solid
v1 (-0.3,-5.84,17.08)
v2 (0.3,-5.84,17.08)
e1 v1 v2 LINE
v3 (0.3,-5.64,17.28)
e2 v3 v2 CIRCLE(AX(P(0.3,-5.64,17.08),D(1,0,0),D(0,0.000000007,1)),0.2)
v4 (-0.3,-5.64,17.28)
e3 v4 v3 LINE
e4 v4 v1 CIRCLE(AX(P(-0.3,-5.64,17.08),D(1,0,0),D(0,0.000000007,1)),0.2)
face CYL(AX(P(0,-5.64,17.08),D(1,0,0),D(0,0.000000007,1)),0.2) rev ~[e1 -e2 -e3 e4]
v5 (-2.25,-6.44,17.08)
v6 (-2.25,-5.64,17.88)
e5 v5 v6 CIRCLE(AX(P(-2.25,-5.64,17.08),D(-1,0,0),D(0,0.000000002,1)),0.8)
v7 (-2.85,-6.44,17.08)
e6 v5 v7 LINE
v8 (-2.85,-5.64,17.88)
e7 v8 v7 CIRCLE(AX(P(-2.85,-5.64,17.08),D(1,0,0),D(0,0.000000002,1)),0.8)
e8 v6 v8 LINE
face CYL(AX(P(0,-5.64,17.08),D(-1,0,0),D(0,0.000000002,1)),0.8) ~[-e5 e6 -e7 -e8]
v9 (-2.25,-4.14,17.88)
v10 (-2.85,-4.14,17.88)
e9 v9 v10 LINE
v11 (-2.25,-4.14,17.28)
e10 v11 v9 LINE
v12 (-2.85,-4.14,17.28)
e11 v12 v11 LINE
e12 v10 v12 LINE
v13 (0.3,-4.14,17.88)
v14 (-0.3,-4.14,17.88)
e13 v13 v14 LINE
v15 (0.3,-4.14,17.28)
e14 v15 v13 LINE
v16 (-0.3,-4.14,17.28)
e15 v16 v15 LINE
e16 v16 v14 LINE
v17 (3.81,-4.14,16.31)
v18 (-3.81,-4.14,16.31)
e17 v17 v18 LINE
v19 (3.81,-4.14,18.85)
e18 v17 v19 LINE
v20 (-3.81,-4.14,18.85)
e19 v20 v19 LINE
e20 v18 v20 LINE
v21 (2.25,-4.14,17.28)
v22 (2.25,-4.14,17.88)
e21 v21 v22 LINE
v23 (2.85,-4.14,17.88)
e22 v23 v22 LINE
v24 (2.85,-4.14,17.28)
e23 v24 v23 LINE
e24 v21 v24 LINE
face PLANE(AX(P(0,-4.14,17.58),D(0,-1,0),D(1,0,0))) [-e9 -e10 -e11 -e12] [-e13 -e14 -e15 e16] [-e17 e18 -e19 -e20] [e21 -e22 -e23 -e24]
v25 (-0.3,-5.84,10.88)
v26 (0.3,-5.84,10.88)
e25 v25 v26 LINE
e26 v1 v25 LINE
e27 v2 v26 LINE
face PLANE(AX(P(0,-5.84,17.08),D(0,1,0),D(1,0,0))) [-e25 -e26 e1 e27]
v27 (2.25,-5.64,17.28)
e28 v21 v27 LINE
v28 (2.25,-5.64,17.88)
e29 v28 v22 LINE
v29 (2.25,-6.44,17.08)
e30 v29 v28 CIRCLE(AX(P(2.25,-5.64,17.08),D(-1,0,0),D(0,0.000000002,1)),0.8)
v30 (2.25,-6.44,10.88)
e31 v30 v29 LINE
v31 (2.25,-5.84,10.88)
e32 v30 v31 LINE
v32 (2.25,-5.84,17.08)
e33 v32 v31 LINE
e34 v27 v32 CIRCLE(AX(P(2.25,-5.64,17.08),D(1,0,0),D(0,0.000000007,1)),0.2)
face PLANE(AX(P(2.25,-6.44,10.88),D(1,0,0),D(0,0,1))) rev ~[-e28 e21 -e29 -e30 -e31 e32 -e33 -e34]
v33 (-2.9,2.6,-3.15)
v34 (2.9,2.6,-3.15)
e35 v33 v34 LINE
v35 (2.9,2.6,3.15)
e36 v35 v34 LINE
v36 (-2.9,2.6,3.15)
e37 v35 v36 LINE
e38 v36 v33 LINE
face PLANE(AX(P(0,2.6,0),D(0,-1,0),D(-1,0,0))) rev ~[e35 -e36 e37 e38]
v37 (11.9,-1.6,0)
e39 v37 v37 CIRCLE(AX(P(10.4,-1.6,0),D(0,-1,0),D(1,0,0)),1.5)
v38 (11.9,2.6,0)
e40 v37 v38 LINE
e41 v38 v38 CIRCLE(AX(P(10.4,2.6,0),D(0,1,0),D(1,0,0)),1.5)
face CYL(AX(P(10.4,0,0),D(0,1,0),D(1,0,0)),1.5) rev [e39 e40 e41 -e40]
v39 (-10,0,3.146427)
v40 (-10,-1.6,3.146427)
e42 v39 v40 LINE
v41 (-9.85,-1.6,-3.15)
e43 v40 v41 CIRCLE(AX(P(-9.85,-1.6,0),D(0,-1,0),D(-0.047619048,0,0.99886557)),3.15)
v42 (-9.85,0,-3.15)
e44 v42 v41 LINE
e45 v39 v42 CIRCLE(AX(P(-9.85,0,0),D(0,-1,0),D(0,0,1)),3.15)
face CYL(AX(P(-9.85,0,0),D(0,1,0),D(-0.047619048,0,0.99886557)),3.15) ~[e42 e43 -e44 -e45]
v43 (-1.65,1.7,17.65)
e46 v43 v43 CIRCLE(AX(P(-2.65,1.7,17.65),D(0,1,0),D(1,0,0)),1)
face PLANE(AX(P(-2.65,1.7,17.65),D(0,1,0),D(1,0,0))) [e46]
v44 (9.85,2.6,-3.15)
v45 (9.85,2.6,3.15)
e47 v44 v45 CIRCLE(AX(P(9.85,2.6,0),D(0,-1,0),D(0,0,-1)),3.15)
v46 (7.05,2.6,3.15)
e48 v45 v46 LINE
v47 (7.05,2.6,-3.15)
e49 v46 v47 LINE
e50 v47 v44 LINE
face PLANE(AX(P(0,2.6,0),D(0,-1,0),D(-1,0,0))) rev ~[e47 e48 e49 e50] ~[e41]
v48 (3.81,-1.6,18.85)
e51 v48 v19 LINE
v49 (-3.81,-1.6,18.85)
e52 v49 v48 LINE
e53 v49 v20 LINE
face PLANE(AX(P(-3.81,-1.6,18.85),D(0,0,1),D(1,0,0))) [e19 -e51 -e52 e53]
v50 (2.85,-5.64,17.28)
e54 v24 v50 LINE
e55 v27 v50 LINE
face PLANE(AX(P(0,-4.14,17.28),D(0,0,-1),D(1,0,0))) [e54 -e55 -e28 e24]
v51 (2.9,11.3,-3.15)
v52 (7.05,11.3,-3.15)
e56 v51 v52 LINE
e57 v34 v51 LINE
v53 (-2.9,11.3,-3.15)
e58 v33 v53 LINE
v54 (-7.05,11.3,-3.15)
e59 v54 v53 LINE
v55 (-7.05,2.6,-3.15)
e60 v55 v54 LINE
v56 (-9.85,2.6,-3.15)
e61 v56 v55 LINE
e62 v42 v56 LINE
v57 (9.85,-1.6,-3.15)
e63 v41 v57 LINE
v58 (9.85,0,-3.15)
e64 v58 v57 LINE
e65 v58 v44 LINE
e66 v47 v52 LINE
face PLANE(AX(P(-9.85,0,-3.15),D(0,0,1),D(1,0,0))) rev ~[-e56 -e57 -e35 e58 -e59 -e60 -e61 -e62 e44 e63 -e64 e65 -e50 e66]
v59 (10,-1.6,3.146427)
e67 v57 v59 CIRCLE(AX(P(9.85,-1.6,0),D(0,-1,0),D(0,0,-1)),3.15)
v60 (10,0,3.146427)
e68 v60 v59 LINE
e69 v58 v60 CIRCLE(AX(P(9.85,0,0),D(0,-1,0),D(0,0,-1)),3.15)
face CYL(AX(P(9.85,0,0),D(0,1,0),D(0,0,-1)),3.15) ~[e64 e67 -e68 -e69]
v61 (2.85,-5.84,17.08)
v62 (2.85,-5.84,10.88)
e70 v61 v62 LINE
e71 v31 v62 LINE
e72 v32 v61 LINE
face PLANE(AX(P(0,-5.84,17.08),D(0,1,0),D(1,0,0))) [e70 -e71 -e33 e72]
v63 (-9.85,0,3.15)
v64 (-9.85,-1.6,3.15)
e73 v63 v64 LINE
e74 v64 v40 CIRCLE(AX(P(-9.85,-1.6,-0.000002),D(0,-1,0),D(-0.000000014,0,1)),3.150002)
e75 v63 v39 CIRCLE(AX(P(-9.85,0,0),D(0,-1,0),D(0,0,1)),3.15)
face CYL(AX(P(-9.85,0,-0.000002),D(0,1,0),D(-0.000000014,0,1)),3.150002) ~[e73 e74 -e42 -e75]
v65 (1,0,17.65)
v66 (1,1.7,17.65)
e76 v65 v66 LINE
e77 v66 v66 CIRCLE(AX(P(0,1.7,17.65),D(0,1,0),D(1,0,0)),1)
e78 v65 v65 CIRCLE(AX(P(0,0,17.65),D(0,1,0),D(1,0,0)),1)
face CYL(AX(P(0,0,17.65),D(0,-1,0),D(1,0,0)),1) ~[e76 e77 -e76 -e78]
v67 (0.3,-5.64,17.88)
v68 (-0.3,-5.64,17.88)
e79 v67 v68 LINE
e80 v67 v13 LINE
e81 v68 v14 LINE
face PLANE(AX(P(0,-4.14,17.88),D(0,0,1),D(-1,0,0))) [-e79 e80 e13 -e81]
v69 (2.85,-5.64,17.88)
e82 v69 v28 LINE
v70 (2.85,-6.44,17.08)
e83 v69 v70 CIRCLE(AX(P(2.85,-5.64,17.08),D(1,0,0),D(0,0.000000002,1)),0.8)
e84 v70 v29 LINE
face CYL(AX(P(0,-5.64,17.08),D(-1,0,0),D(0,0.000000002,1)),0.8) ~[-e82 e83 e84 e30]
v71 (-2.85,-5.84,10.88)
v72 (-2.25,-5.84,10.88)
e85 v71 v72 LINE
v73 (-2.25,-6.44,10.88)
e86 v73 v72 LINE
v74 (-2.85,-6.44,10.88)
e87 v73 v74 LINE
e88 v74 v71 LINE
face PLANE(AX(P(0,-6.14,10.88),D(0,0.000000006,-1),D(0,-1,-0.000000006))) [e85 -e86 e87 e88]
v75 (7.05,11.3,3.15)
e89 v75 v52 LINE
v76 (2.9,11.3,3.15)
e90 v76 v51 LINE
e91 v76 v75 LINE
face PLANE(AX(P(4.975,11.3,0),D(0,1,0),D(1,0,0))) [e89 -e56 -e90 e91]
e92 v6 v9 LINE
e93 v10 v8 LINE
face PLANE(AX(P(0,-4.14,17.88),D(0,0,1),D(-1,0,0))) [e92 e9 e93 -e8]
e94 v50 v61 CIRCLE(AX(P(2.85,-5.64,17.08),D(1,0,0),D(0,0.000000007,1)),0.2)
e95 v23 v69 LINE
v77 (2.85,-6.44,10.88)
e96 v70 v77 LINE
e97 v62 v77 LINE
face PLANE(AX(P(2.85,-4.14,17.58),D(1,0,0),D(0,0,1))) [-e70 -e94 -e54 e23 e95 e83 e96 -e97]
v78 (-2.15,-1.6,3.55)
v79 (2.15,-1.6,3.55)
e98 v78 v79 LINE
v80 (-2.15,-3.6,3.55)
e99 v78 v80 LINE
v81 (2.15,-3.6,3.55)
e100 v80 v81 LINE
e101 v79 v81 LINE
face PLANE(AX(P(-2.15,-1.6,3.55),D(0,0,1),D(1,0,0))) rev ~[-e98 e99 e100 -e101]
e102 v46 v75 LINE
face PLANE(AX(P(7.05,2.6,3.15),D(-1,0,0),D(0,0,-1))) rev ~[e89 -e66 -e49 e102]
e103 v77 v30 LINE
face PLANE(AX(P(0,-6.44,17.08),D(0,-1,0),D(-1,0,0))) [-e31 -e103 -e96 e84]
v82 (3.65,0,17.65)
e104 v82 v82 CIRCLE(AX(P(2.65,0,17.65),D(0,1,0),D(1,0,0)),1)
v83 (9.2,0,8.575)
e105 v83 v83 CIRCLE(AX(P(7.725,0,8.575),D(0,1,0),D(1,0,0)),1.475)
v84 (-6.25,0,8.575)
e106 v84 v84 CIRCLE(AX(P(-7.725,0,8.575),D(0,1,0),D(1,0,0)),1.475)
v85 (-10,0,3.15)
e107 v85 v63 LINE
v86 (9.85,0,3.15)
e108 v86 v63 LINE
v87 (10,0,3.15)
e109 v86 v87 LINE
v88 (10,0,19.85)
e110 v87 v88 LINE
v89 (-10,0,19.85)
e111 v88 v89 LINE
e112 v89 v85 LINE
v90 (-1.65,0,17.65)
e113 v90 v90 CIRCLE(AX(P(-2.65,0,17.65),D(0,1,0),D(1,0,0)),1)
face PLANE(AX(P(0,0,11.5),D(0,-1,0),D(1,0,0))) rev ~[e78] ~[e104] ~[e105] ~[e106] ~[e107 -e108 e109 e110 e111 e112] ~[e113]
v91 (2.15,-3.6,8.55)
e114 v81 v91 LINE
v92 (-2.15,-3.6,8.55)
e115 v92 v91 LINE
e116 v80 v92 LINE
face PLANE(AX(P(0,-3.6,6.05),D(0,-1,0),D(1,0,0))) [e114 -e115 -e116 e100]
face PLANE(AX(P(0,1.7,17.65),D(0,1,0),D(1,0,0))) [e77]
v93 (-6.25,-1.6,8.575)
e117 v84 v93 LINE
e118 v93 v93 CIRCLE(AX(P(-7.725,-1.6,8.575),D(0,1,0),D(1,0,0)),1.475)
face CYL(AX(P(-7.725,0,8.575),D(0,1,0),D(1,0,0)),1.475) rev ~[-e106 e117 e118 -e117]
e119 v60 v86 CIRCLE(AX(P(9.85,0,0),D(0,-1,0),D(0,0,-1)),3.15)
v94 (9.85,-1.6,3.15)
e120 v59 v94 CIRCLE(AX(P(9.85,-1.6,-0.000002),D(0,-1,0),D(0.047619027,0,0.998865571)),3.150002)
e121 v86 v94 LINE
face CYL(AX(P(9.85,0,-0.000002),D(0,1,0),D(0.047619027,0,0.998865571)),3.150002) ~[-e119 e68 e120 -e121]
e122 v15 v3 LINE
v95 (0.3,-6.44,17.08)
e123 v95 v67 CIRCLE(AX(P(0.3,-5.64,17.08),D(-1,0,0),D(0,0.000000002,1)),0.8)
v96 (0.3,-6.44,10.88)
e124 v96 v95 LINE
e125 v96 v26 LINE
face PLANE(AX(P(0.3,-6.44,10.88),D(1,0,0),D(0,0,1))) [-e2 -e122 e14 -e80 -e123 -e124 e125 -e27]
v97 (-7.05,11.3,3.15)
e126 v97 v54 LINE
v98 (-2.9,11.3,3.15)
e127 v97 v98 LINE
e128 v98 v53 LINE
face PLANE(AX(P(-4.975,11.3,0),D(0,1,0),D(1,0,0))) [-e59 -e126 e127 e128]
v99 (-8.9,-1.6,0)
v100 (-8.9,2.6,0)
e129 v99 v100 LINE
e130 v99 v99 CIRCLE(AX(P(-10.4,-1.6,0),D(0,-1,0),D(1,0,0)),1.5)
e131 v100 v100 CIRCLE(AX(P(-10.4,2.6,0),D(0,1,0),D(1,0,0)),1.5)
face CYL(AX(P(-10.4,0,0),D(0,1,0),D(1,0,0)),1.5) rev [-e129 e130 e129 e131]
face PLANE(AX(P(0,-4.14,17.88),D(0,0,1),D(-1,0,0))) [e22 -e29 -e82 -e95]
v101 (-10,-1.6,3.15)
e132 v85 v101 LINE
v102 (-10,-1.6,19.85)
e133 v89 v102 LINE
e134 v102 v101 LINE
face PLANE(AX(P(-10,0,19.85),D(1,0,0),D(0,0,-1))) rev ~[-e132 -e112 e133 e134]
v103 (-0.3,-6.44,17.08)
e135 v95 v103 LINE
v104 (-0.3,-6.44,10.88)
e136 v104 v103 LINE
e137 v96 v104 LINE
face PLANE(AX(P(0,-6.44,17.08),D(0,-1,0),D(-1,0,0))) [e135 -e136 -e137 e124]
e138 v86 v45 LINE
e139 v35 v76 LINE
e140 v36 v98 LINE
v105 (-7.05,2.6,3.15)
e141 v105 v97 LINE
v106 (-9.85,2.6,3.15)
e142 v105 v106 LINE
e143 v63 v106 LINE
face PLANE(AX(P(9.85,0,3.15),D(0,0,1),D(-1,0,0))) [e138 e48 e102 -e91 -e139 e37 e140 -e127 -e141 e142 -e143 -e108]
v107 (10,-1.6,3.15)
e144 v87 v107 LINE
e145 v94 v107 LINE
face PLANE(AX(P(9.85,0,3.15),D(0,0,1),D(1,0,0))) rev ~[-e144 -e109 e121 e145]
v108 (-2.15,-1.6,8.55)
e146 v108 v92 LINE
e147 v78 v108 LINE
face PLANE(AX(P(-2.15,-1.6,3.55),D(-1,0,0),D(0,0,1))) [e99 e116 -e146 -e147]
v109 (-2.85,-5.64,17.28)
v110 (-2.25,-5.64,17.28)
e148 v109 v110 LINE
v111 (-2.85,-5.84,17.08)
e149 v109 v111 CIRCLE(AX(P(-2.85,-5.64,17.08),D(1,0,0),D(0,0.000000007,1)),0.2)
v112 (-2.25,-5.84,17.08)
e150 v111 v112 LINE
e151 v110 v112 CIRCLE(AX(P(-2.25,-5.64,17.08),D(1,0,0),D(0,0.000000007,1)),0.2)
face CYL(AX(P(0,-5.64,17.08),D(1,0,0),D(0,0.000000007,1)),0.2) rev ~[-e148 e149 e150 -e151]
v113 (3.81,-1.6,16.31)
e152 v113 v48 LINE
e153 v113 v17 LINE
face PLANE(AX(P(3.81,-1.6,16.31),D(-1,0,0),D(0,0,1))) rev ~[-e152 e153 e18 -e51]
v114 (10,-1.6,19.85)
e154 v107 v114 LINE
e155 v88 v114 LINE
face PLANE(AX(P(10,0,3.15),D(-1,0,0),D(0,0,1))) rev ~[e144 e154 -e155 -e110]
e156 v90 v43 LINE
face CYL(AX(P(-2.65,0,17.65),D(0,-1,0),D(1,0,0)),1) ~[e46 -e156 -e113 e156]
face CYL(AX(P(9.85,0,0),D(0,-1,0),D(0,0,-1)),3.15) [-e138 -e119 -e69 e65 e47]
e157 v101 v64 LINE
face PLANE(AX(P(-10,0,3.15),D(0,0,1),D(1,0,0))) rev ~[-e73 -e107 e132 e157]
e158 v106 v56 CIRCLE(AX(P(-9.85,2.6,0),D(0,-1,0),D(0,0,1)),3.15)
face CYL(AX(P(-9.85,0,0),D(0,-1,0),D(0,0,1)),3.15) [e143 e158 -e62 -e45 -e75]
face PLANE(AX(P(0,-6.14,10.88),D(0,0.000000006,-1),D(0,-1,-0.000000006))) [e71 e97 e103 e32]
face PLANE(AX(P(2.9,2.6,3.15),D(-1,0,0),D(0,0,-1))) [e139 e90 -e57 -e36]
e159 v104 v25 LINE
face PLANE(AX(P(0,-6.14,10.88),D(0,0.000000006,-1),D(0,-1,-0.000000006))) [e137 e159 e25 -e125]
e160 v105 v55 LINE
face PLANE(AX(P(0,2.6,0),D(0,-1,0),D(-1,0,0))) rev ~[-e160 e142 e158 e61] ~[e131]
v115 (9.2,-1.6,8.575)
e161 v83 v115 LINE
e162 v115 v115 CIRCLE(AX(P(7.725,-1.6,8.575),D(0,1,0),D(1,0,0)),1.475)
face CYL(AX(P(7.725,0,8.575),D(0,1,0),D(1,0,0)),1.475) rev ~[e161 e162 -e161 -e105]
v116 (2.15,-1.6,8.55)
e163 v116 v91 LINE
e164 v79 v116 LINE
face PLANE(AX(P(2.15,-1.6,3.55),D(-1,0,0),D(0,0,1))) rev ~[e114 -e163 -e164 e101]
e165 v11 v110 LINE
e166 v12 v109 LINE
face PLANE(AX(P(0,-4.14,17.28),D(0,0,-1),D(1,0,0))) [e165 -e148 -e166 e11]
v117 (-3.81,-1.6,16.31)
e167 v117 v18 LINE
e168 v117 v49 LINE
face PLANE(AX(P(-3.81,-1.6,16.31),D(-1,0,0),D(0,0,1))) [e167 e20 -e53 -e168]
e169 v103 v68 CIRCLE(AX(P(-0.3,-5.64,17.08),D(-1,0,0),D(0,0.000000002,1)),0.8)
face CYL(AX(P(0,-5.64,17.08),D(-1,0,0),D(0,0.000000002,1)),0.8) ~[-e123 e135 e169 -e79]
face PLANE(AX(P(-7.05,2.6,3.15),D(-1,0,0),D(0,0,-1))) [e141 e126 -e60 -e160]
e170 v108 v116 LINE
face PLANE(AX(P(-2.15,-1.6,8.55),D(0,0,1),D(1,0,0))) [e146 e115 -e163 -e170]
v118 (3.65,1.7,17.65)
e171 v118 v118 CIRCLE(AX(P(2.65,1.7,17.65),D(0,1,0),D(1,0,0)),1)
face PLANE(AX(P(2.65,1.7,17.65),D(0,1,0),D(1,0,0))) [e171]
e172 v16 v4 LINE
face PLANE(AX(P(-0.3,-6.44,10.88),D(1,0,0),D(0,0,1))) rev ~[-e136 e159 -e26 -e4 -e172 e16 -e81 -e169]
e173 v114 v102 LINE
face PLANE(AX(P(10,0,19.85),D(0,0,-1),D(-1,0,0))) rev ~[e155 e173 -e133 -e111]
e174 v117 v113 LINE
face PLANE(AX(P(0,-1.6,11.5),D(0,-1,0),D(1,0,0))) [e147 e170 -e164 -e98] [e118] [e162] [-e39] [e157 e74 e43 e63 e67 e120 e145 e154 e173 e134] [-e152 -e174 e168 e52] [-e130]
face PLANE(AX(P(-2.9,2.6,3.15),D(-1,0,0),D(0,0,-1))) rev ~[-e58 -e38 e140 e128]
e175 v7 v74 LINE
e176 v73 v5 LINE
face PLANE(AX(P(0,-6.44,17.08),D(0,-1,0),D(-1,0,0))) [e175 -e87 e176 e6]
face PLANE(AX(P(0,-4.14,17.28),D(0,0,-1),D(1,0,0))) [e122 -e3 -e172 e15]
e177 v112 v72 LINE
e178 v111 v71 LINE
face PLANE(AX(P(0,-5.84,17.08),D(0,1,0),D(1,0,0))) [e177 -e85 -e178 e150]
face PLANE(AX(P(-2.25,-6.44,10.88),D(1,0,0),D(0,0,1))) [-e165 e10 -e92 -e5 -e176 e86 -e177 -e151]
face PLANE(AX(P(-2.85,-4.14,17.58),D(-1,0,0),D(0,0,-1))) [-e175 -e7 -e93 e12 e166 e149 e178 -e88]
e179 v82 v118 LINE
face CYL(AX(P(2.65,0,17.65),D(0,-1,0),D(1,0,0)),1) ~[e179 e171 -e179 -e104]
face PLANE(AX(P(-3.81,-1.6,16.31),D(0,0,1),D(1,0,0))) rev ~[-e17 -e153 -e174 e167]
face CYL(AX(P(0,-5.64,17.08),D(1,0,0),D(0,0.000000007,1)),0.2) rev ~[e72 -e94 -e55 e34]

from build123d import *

# Parameters (mm, degrees)
SKETCH1_R           = 1.5
BOSS_EXTRUDE1_DEPTH = 2.6
SKETCH2_W           = 4.15
SKETCH2_H           = 6.3
BOSS_EXTRUDE2_DEPTH = 8.7
SKETCH3_R           = 1.5
BOSS_EXTRUDE3_DEPTH = 1.6
SKETCH4_R           = 1
BOSS_EXTRUDE4_DEPTH = 1.7
SKETCH5_R           = 1.475
CUT_EXTRUDE1_DEPTH  = 2.6
SKETCH6_W           = 4.3
SKETCH6_H           = 5
BOSS_EXTRUDE5_DEPTH = 2
SKETCH7_W           = 7.62
SKETCH7_H           = 2.54
BOSS_EXTRUDE6_DEPTH = 2.54
SKETCH9_W           = 5.7
SKETCH9_H           = 0.6
SKETCH10_W          = 1.95
SKETCH10_H          = 7
CUT_EXTRUDE2_DEPTH  = 2.3


with BuildPart() as part:
    # Sketch1 → Boss-Extrude1 (new body)
    with BuildSketch(Plane(origin=(0, 0, 0), x_dir=(1, 0, 0), z_dir=(0, 1, 0))):
        with BuildLine():
            Line((-9.85, 3.15), (9.85, 3.15))
            ThreePointArc((9.85, 3.15), (13, 0), (9.85, -3.15))
            Line((9.85, -3.15), (-9.85, -3.15))
            ThreePointArc((-9.85, -3.15), (-13, 0), (-9.85, 3.15))
        make_face()
        with Locations((-10.4, 0)):
            Circle(SKETCH1_R, mode=Mode.SUBTRACT)
        with Locations((10.4, 0)):
            Circle(SKETCH1_R, mode=Mode.SUBTRACT)
    extrude(amount=BOSS_EXTRUDE1_DEPTH)

    # Sketch2 → Boss-Extrude2 (add)
    with BuildSketch(Plane(origin=(0, 2.6, 0), x_dir=(1, 0, 0), z_dir=(0, 1, 0))):
        with Locations((-4.975, 0)):
            Rectangle(SKETCH2_W, SKETCH2_H)
        with Locations((4.975, 0)):
            Rectangle(SKETCH2_W, SKETCH2_H)
    extrude(amount=BOSS_EXTRUDE2_DEPTH)

    # Sketch3 → Boss-Extrude3 (add)
    with BuildSketch(Plane.XZ):
        Polygon((-10, 19.85), (-10, 3.15), (-9.85, 3.15), (9.85, 3.15), (10, 3.15), (10, 19.85), align=None)
        with BuildLine():
            ThreePointArc((-9.85, 3.15), (-9.92502128, 3.149106509), (-10, 3.146426545))
            Line((-10, 3.146426545), (-10, 2.175870499))
            Line((-10, 2.175870499), (10, 2.175870499))
            Line((10, 2.175870499), (10, 3.146426545))
            ThreePointArc((10, 3.146426545), (9.92502128, 3.149106509), (9.85, 3.15))
            Line((9.85, 3.15), (-9.85, 3.15))
        make_face()
        with BuildLine():
            ThreePointArc((-10, 3.146426545), (-12.999106509, -0.07502128), (-9.85, -3.15))
            Line((-9.85, -3.15), (9.85, -3.15))
            ThreePointArc((9.85, -3.15), (12.999106509, -0.07502128), (10, 3.146426545))
            Line((10, 3.146426545), (10, 2.175870499))
            Line((10, 2.175870499), (-10, 2.175870499))
            Line((-10, 2.175870499), (-10, 3.146426545))
        make_face()
        with Locations((-10.4, 0)):
            Circle(SKETCH3_R, mode=Mode.SUBTRACT)
        with Locations((10.4, 0)):
            Circle(SKETCH3_R, mode=Mode.SUBTRACT)
    extrude(amount=BOSS_EXTRUDE3_DEPTH)

    # Sketch4 → Boss-Extrude4 (add)
    with BuildSketch(Plane(origin=(0, 0, 0), x_dir=(1, 0, 0), z_dir=(0, 1, 0))):
        with Locations((0, -17.65)):
            Circle(SKETCH4_R)
        with Locations((2.65, -17.65)):
            Circle(SKETCH4_R)
        with Locations((-2.65, -17.65)):
            Circle(SKETCH4_R)
    extrude(amount=BOSS_EXTRUDE4_DEPTH)

    # Sketch5 → Cut-Extrude1 (cut, through all)
    with BuildSketch(Plane(origin=(0, 0, 0), x_dir=(1, 0, 0), z_dir=(0, 1, 0))):
        with Locations((-7.725, -8.575)):
            Circle(SKETCH5_R)
        with Locations((7.725, -8.575)):
            Circle(SKETCH5_R)
    extrude(amount=-CUT_EXTRUDE1_DEPTH, mode=Mode.SUBTRACT)

    # Sketch6 → Boss-Extrude5 (add)
    with BuildSketch(Plane.XZ.offset(1.6)):
        with Locations((0, 6.05)):
            Rectangle(SKETCH6_W, SKETCH6_H)
    extrude(amount=BOSS_EXTRUDE5_DEPTH)

    # Sketch7 → Boss-Extrude6 (add)
    with BuildSketch(Plane.XZ.offset(1.6)):
        with Locations((0, 17.58)):
            Rectangle(SKETCH7_W, SKETCH7_H)
    extrude(amount=BOSS_EXTRUDE6_DEPTH)

    # Sweep1: sweep along a path in Sketch8
    with BuildLine(Plane(origin=(0, 0, 0), x_dir=(0, 0, -1), z_dir=(1, 0, 0))) as sweep1_path:
        Line((-17.58, -4.14), (-17.58, -5.64))
        ThreePointArc((-17.58, -5.64), (-17.433553391, -5.993553391), (-17.08, -6.14))
        Line((-17.08, -6.14), (-10.88, -6.14))
    # Sketch9 → Sweep1 (sweep)
    with BuildSketch(Plane.XZ.offset(4.14)):
        with Locations((0, 17.58)):
            Rectangle(SKETCH9_W, SKETCH9_H)
    sweep(path=sweep1_path.line)

    # Sketch10 → Cut-Extrude2 (cut)
    with BuildSketch(Plane.XZ.offset(6.44)):
        with Locations((-1.275, 14.38)):
            Rectangle(SKETCH10_W, SKETCH10_H)
        with Locations((1.275, 14.38)):
            Rectangle(SKETCH10_W, SKETCH10_H)
    extrude(amount=-CUT_EXTRUDE2_DEPTH, mode=Mode.SUBTRACT)


solid = part.part
